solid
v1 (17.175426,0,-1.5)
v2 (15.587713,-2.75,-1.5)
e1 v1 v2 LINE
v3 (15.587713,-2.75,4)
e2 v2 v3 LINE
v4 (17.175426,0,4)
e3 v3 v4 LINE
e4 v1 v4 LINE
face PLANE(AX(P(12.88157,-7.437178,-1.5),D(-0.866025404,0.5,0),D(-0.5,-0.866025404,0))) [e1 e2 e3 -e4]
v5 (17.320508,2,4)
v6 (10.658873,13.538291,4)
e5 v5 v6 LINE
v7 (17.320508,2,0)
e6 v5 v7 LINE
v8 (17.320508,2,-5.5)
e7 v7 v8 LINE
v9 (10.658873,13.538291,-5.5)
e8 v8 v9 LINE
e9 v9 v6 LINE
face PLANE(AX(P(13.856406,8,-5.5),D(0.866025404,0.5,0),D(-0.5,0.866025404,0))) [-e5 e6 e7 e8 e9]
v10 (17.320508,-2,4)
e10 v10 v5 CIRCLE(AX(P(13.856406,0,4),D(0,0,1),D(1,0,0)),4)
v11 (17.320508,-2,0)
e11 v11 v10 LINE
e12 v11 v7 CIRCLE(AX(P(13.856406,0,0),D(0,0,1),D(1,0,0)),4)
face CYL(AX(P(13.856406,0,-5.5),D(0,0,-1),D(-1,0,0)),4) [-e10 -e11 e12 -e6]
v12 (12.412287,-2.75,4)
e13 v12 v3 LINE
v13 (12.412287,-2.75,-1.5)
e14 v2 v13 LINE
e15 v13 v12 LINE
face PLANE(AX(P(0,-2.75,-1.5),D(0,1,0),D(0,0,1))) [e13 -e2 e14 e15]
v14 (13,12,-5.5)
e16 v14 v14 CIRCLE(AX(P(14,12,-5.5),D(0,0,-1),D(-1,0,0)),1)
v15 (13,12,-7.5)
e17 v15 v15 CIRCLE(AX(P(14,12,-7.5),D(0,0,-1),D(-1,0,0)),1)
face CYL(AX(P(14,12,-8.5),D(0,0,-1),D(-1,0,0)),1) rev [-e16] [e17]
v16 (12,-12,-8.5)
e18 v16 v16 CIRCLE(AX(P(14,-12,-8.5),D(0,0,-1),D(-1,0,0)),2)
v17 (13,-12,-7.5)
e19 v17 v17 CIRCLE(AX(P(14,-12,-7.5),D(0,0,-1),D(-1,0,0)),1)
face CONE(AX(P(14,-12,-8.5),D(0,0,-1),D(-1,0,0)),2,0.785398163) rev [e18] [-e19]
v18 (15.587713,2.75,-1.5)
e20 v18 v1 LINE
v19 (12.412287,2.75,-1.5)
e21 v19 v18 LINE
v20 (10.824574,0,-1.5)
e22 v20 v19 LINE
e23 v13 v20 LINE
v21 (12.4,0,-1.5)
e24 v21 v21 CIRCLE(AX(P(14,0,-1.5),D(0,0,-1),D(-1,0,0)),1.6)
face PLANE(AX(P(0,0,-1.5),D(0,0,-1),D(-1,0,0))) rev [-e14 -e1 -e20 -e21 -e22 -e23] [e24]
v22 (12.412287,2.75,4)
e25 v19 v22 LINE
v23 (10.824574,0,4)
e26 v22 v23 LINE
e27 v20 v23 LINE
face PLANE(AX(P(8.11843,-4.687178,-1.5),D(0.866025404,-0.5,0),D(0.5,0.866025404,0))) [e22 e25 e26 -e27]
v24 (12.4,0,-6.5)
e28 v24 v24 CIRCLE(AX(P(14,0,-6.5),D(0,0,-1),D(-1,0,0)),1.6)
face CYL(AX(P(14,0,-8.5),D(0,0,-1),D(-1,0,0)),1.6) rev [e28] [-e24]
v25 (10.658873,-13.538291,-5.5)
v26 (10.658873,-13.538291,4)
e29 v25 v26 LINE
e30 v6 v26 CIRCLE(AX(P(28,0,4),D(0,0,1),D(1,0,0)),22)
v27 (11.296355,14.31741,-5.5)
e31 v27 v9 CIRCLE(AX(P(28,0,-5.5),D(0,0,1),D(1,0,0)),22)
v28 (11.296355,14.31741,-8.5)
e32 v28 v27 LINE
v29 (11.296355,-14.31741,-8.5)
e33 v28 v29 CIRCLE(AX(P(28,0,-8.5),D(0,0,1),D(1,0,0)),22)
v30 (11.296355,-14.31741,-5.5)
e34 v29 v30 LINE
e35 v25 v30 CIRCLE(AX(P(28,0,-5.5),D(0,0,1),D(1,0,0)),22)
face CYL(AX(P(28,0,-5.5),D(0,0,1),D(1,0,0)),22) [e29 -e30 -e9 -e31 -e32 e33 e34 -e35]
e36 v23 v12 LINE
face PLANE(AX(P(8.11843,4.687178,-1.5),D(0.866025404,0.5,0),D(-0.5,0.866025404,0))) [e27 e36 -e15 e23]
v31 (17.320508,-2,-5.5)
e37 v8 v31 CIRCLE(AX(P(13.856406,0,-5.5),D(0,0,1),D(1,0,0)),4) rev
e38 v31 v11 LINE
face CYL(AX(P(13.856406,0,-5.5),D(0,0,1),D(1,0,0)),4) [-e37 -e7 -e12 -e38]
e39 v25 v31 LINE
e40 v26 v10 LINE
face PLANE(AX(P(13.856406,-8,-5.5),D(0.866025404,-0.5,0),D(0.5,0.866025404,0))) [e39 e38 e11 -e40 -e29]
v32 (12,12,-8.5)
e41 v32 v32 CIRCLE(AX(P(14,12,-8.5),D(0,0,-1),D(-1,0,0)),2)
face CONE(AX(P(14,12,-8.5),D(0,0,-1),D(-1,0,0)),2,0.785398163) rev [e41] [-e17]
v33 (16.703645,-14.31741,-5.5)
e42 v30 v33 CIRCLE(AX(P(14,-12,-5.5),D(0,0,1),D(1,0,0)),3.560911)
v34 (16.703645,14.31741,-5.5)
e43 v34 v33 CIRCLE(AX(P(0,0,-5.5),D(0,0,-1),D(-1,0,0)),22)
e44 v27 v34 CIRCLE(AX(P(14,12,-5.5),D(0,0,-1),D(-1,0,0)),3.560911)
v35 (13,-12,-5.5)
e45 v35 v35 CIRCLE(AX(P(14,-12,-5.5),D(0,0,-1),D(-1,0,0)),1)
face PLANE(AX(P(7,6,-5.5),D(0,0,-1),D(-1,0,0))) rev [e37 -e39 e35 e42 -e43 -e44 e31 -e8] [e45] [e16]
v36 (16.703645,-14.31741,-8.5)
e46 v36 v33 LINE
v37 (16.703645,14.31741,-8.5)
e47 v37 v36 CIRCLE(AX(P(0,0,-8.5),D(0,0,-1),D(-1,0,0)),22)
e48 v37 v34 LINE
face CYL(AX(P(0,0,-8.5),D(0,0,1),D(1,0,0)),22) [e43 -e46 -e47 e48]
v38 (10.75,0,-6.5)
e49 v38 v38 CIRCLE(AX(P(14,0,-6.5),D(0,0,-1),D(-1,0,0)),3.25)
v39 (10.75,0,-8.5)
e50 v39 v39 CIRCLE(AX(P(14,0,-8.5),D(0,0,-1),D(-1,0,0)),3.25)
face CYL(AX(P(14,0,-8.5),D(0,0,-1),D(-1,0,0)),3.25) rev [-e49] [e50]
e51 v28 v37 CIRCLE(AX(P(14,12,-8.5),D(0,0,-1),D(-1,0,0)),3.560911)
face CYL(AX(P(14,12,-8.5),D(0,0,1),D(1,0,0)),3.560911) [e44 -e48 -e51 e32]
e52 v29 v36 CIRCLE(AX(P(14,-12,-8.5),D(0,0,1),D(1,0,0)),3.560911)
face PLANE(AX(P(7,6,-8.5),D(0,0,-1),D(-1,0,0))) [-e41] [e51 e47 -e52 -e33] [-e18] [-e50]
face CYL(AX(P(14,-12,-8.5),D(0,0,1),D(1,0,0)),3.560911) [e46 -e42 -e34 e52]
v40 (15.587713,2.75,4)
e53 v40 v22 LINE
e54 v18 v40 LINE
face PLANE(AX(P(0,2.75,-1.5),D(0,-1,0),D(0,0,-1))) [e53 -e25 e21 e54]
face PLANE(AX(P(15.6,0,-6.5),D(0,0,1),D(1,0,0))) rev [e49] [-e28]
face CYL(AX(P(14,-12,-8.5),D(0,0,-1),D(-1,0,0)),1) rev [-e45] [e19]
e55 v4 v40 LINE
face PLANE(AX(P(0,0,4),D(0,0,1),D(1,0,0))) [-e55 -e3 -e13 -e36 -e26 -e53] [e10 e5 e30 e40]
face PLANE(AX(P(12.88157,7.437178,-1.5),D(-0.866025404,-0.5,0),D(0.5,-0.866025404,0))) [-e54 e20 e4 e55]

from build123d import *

# Parameters (mm, degrees)
AUFSATZ_LINEAR_AUSTRAGEN1_DEPTH                      = 5.5
VERRUNDUNG1_R                                        = 4
AUFSATZ_LINEAR_START                                 = -5.5
AUFSATZ_LINEAR_AUSTRAGEN4_DEPTH                      = 3
FORMSENKUNG_F_R_M3_SENKSCHRAUBE_MIT_INNE_D           = 2
FORMSENKUNG_F_R_M3_SENKSCHRAUBE_MIT_INNE_CSINK_D     = 4
FORMSENKUNG_F_R_M3_SENKSCHRAUBE_MIT_INNE_CSINK_ANGLE = 90
SCHNITT_LINEAR_AUSTRAGEN2_DEPTH                      = 1.5
AUFSATZ_LINEAR_AUSTRAGEN5_DEPTH                      = 4
STIRNSENKUNG_F_R_M3_ZYLINDERSCHRAUBE_MIT_D           = 3.2
STIRNSENKUNG_F_R_M3_ZYLINDERSCHRAUBE_MIT_CBORE_D     = 6.5
STIRNSENKUNG_F_R_M3_ZYLINDERSCHRAUBE_MIT_CBORE_DEPTH = 2
VERRUNDUNG2_R                                        = 4


with BuildPart() as part:
    # Skizze1 → Aufsatz-Linear austragen1 (new body)
    with BuildSketch(Plane.XY):
        with BuildLine():
            Line((18.475208614, 0), (10.658872913, 13.538290563))
            ThreePointArc((10.658872913, 13.538290563), (6, 0), (10.658872913, -13.538290563))
            Line((10.658872913, -13.538290563), (18.475208614, 0))
        make_face()
    extrude(amount=-AUFSATZ_LINEAR_AUSTRAGEN1_DEPTH)

    # Verrundung1
    verrundung1_edges = [part.edges().sort_by_distance(p)[0] for p in [
        (18.475208614, 0, -2.75),
    ]]
    fillet(verrundung1_edges, radius=VERRUNDUNG1_R)

    # Skizze1_4 → Aufsatz-Linear austragen4 (add)
    with BuildSketch(Plane.XY.offset(AUFSATZ_LINEAR_START)):
        with BuildLine():
            ThreePointArc((11.296354748, 14.317410216), (6, 0), (11.296354748, -14.317410216))
            ThreePointArc((11.296354748, -14.317410216), (14, -15.560911085), (16.703645252, -14.317410216))
            ThreePointArc((16.703645252, -14.317410216), (22, 0), (16.703645252, 14.317410216))
            ThreePointArc((16.703645252, 14.317410216), (14, 15.560911085), (11.296354748, 14.317410216))
        make_face()
    extrude(amount=-AUFSATZ_LINEAR_AUSTRAGEN4_DEPTH)

    # Formsenkung f_r M3 Senkschraube mit Inne (through all)
    with Locations(Plane(origin=(0, 0, -8.5), x_dir=(-1, 0, 0), z_dir=(0, 0, -1))):
        with Locations((-14, 12), (-14, -12)):
            CounterSinkHole(FORMSENKUNG_F_R_M3_SENKSCHRAUBE_MIT_INNE_D / 2, FORMSENKUNG_F_R_M3_SENKSCHRAUBE_MIT_INNE_CSINK_D / 2, counter_sink_angle=FORMSENKUNG_F_R_M3_SENKSCHRAUBE_MIT_INNE_CSINK_ANGLE)

    # Skizze1_5 → Schnitt-Linear austragen2 (cut)
    with BuildSketch(Plane.XY):
        Polygon((12.41228676, 2.75), (10.824573519, 0), (12.41228676, -2.75), (15.58771324, -2.75), (17.175426481, 0), (15.58771324, 2.75), align=None)
    extrude(amount=-SCHNITT_LINEAR_AUSTRAGEN2_DEPTH, mode=Mode.SUBTRACT)

    # Skizze1_6 → Aufsatz-Linear austragen5 (add)
    with BuildSketch(Plane.XY):
        with BuildLine():
            Line((18.475208614, 0), (10.658872913, 13.538290563))
            ThreePointArc((10.658872913, 13.538290563), (6, 0), (10.658872913, -13.538290563))
            Line((10.658872913, -13.538290563), (18.475208614, 0))
        make_face()
        Polygon((10.824573519, 0), (12.41228676, 2.75), (15.58771324, 2.75), (17.175426481, 0), (15.58771324, -2.75), (12.41228676, -2.75), align=None, mode=Mode.SUBTRACT)
    extrude(amount=AUFSATZ_LINEAR_AUSTRAGEN5_DEPTH)

    # Stirnsenkung f_r M3 Zylinderschraube mit (through all)
    with Locations(Plane(origin=(1.518806311, 4.633276693, -8.5), x_dir=(1, 0, 0), z_dir=(0, 0, -1))):
        with Locations((12.481193689, 4.633276693)):
            CounterBoreHole(STIRNSENKUNG_F_R_M3_ZYLINDERSCHRAUBE_MIT_D / 2, STIRNSENKUNG_F_R_M3_ZYLINDERSCHRAUBE_MIT_CBORE_D / 2, STIRNSENKUNG_F_R_M3_ZYLINDERSCHRAUBE_MIT_CBORE_DEPTH)

    # Verrundung2
    verrundung2_edges = [part.edges().sort_by_distance(p)[0] for p in [
        (18.475208614, 0, 2),
    ]]
    fillet(verrundung2_edges, radius=VERRUNDUNG2_R)


solid = part.part
